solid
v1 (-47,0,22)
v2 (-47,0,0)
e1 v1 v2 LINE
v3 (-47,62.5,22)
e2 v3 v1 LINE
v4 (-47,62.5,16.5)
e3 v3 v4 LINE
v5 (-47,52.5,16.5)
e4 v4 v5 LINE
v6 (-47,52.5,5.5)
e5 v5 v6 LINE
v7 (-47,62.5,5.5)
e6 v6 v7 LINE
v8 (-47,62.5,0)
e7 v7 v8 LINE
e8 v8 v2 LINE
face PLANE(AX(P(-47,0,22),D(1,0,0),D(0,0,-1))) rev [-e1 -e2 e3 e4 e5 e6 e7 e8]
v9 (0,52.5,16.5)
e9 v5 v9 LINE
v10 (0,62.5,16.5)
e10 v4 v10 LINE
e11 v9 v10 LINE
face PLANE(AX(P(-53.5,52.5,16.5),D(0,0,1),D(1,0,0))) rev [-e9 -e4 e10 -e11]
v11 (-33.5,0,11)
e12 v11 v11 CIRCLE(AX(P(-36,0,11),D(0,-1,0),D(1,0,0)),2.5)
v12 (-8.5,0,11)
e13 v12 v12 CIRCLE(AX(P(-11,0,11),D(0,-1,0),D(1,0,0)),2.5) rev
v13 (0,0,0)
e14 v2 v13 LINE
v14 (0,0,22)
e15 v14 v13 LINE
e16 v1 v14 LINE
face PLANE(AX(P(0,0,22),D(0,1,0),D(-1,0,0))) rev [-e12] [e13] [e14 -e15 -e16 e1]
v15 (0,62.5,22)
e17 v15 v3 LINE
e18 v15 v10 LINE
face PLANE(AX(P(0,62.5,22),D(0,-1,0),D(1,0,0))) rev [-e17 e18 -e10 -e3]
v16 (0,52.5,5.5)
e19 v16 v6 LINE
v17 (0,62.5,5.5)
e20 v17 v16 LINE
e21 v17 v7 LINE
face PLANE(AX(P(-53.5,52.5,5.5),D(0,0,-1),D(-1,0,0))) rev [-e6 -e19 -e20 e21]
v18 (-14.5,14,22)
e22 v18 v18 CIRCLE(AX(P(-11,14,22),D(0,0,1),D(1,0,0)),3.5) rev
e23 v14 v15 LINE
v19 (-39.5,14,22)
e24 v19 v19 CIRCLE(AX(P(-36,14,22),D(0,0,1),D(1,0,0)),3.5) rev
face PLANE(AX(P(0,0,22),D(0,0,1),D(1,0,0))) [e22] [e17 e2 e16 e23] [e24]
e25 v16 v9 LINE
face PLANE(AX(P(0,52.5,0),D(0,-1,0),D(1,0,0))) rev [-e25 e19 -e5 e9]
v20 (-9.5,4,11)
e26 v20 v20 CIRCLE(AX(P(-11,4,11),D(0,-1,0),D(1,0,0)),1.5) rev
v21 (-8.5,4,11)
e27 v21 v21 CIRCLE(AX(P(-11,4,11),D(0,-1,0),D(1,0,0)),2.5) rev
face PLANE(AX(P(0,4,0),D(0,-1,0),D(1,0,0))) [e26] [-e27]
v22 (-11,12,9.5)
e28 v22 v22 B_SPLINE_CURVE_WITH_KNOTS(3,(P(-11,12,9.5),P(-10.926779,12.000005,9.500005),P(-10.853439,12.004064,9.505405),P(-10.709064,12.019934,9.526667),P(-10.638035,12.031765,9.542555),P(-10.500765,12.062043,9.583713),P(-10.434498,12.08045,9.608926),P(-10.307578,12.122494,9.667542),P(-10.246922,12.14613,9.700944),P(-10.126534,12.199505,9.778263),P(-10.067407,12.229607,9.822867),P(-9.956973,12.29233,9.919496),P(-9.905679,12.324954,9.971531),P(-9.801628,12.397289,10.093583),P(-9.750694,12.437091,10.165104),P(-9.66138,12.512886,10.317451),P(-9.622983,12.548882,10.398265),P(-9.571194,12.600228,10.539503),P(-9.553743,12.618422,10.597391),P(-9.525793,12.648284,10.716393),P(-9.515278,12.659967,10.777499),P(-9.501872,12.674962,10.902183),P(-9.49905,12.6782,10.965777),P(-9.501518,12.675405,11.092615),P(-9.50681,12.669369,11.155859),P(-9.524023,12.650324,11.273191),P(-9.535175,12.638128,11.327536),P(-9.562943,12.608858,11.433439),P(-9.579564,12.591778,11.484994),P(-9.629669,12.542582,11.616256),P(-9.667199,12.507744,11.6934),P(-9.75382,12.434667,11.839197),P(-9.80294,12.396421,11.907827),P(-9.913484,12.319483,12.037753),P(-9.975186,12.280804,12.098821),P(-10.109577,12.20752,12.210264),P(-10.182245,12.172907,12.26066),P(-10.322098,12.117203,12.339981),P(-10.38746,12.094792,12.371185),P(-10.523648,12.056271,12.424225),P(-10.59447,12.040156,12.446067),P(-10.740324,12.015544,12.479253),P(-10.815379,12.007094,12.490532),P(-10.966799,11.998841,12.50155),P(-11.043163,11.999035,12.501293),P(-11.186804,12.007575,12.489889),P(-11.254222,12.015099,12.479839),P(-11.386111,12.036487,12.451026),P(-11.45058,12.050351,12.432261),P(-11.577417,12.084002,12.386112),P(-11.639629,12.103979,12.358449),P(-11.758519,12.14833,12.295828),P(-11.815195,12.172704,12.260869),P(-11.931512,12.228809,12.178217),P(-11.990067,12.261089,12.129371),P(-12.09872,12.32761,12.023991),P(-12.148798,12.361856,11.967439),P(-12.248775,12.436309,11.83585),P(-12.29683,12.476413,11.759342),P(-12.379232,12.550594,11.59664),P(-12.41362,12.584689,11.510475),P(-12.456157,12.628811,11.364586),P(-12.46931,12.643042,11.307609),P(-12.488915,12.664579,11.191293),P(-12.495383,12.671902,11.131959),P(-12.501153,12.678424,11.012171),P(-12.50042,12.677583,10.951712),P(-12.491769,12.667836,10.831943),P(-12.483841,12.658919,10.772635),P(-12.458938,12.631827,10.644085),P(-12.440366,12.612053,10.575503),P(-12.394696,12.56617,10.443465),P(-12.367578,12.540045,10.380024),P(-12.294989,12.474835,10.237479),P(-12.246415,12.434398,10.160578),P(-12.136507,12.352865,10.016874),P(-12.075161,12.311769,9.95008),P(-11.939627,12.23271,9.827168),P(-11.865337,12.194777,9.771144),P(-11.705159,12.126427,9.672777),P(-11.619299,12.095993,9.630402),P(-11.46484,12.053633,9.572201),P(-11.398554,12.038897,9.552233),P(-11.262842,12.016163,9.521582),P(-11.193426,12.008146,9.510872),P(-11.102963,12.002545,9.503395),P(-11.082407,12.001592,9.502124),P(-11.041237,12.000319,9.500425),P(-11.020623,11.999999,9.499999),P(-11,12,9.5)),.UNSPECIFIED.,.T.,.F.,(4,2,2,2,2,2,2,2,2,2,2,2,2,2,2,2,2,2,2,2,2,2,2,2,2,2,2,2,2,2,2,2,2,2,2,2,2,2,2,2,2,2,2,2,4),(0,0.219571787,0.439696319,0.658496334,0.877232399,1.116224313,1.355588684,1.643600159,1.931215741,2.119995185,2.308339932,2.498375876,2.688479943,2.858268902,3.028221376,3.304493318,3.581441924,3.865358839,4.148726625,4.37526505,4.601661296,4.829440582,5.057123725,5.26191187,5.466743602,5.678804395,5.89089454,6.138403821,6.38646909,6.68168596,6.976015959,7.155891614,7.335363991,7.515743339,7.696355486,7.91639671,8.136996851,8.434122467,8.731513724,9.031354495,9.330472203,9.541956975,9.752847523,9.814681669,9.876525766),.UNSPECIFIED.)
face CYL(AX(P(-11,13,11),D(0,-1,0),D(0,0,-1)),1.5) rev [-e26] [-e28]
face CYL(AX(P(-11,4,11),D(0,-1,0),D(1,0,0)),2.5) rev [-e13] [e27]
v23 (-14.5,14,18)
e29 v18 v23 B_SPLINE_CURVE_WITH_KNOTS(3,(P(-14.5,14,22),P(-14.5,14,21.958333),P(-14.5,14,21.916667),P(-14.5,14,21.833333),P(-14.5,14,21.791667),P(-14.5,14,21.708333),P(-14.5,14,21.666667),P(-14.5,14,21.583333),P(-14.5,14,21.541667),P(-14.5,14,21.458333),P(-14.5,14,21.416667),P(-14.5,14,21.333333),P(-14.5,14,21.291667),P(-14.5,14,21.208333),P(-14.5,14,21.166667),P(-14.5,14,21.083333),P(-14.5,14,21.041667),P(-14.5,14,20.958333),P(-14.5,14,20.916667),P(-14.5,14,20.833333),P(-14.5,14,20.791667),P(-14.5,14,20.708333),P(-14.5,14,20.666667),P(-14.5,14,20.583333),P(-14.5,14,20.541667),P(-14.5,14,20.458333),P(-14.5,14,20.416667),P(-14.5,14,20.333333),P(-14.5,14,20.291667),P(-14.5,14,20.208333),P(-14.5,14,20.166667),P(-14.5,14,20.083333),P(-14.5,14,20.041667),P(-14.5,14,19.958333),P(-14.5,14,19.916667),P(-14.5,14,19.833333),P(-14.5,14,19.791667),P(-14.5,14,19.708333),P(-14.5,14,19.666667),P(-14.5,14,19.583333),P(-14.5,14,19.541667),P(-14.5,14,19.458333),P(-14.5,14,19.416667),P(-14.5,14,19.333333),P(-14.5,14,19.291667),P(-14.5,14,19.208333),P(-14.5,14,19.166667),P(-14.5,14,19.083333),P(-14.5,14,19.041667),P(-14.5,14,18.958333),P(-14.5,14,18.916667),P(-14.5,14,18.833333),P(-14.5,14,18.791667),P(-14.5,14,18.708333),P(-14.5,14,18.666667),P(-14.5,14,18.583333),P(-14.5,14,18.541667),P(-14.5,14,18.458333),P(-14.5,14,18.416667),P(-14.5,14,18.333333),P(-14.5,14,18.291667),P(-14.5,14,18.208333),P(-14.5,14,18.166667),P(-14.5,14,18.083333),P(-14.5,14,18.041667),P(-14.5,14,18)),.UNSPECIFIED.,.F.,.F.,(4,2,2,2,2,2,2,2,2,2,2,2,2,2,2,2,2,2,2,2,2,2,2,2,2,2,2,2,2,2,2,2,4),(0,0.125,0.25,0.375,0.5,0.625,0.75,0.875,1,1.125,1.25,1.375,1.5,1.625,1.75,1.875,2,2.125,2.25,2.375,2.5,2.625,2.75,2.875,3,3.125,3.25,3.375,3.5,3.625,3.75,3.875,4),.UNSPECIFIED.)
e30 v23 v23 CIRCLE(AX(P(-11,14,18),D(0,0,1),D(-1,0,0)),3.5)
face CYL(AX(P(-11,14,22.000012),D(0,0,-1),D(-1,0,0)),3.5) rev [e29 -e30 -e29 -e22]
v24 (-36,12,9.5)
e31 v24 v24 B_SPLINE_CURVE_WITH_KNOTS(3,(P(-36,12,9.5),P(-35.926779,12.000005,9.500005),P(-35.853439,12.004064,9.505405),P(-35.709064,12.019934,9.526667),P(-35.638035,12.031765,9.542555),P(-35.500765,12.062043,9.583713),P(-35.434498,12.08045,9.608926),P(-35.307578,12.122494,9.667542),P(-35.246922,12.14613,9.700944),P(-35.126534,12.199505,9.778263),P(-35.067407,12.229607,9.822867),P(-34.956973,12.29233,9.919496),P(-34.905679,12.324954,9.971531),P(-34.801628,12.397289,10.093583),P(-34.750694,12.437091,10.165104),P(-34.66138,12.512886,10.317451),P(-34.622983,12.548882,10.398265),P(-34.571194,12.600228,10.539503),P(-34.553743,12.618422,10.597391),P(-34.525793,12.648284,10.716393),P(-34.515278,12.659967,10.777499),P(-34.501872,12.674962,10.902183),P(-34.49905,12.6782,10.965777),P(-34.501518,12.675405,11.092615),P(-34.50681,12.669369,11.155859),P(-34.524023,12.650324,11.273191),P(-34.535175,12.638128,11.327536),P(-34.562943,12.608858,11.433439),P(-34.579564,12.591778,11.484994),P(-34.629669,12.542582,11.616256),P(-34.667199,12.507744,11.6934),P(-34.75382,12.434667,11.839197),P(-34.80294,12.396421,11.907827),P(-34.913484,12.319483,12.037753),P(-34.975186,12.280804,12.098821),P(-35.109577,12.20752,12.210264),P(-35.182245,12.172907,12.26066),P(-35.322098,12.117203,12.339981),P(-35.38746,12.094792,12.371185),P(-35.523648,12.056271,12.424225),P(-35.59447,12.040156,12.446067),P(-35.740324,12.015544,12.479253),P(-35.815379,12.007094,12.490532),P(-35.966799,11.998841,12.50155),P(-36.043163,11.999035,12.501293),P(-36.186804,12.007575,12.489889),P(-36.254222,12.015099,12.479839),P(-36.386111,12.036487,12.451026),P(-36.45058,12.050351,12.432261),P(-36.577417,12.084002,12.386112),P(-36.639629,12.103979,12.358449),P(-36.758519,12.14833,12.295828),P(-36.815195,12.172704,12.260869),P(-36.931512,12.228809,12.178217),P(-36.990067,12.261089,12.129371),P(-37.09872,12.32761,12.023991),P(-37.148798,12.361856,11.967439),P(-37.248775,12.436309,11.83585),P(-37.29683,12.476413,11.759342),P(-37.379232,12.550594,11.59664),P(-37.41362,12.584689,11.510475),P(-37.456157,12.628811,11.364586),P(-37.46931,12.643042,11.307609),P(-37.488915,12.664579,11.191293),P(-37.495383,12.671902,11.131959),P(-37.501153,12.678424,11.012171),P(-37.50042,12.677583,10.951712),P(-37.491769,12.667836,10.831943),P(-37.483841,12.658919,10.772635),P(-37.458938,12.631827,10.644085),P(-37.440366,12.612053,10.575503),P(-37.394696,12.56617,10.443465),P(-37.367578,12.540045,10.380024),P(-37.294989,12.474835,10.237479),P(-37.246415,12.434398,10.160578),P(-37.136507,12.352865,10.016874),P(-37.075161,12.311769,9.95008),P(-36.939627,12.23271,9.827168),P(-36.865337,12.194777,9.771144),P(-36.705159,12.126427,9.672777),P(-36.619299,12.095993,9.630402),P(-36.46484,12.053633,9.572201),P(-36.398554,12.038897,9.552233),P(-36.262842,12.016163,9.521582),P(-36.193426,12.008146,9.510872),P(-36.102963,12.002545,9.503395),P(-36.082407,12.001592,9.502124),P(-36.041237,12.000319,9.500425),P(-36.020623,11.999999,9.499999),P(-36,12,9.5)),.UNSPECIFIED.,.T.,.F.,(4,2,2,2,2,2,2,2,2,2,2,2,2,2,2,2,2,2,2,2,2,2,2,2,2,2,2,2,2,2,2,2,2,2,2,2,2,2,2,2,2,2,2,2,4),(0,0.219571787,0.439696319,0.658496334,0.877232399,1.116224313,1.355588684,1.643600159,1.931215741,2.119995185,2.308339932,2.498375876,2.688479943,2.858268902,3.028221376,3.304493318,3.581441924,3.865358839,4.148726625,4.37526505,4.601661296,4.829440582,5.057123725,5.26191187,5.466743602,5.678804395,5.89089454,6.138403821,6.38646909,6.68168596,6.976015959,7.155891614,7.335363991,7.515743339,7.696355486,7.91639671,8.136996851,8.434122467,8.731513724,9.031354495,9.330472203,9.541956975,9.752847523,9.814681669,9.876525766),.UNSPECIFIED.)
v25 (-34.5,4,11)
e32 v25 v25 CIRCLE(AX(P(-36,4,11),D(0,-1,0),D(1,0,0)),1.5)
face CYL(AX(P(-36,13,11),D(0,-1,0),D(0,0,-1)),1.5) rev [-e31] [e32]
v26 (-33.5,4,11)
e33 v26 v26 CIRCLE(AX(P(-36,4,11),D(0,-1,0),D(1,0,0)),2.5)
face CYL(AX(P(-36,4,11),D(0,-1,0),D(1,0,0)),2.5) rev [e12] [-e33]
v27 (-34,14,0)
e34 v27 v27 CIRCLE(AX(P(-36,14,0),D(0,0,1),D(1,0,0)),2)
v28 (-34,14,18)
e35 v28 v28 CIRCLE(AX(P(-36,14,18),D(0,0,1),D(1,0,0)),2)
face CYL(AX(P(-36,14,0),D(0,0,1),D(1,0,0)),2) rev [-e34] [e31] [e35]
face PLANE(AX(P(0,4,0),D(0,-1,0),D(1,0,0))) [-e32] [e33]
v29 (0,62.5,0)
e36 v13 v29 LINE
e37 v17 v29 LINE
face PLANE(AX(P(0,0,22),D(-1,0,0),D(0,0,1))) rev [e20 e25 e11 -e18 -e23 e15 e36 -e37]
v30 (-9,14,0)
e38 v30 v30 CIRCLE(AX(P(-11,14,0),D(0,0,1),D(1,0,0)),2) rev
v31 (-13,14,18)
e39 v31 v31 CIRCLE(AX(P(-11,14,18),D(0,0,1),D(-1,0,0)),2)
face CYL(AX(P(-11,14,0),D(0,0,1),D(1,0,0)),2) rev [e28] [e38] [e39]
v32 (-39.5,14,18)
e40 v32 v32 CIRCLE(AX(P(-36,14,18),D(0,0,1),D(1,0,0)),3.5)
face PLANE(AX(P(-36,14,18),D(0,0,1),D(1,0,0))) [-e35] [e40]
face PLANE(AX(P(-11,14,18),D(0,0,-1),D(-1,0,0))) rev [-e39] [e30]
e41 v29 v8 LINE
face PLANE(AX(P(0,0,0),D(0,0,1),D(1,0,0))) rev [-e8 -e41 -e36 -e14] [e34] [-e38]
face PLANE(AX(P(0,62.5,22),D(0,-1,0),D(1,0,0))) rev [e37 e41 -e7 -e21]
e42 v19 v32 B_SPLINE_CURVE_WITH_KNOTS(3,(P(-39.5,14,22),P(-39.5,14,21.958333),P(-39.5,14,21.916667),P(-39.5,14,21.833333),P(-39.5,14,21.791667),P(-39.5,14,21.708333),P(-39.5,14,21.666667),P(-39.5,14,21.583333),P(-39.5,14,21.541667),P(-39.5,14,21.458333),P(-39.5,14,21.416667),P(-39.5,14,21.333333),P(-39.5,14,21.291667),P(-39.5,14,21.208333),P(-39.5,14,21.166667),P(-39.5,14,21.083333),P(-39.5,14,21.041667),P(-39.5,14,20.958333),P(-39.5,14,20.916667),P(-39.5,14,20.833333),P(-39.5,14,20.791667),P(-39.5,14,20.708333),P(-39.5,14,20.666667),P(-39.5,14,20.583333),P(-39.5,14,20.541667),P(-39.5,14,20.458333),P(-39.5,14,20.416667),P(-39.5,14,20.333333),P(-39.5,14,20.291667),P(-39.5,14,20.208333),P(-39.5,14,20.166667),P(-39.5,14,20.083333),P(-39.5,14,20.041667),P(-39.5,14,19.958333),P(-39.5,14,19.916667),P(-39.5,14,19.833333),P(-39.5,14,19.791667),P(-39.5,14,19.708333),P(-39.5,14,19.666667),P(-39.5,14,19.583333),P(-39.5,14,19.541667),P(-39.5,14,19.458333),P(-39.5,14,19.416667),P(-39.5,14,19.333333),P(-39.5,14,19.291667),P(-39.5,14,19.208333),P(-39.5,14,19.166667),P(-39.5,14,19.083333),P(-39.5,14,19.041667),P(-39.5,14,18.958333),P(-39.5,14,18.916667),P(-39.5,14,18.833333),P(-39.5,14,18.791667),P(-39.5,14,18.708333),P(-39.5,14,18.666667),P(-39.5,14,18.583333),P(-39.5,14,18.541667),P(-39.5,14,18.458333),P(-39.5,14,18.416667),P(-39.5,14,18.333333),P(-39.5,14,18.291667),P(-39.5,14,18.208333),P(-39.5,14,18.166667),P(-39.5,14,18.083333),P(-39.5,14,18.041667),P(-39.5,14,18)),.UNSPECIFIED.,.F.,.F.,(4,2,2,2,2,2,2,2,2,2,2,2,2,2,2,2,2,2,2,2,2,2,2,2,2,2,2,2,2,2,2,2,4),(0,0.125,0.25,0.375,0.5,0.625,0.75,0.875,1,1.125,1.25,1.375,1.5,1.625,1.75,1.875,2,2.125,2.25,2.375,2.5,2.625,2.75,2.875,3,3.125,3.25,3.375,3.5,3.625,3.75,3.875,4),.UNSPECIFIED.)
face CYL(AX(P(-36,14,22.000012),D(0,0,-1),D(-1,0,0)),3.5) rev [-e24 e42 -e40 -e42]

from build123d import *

# Parameters (mm, degrees)
SKETCH1_W               = 47
SKETCH1_H               = 62.5
BOSS_EXTRUDE1_DEPTH     = 22
SKETCH2_W               = 60
SKETCH2_H               = 11
CUT_EXTRUDE1_DEPTH      = 10
CUT_EXTRUDE2_DEPTH      = 82.235767984
CUT_EXTRUDE2_DEPTH_BACK = 82.235767984
SKETCH3_R               = 2
CUT_EXTRUDE3_DEPTH      = 82.235767984
CUT_EXTRUDE3_DEPTH_BACK = 4
SKETCH3_3_R             = 3.5
SKETCH3_3_R_2           = 2
SKETCH4_R               = 1.5
CUT_EXTRUDE6_DEPTH      = 13
SKETCH4_3_R             = 2.5
SKETCH4_3_R_2           = 1.5
CUT_EXTRUDE7_DEPTH      = 4


with BuildPart() as part:
    # Sketch1 → Boss-Extrude1 (new body)
    with BuildSketch(Plane.XY):
        with Locations((-23.5, 31.25)):
            Rectangle(SKETCH1_W, SKETCH1_H)
    extrude(amount=BOSS_EXTRUDE1_DEPTH)

    # Sketch2 → Cut-Extrude1 (cut)
    with BuildSketch(Plane(origin=(0, 62.5, 0), x_dir=(1, 0, 0), z_dir=(0, 1, 0))):
        with Locations((-23.5, -11)):
            Rectangle(SKETCH2_W, SKETCH2_H)
    extrude(amount=-CUT_EXTRUDE1_DEPTH, mode=Mode.SUBTRACT)

    # Sketch3 → Cut-Extrude2 (cut, two sides: drawn at the far end of the back side and taken through both)
    with BuildSketch(Plane.XY.offset(22).offset(-CUT_EXTRUDE2_DEPTH_BACK)):
        with Locations((-36, 14)):
            Circle(SKETCH3_R)
        with Locations((-11, 14)):
            Circle(SKETCH3_R)
    extrude(amount=CUT_EXTRUDE2_DEPTH + CUT_EXTRUDE2_DEPTH_BACK, mode=Mode.SUBTRACT)

    # Sketch3<3> → Cut-Extrude3 (cut, two sides: drawn at the far end of the back side and taken through both)
    # profile 1 of 2: a face of its own
    with BuildSketch(Plane.XY.offset(22).offset(-CUT_EXTRUDE3_DEPTH_BACK)):
        with Locations((-36, 14)):
            Circle(SKETCH3_3_R)
        with Locations((-36, 14)):
            Circle(SKETCH3_3_R_2, mode=Mode.SUBTRACT)
    # profile 2 of 2: a face of its own
    with BuildSketch(Plane.XY.offset(22).offset(-CUT_EXTRUDE3_DEPTH_BACK)):
        with Locations((-11, 14)):
            Circle(SKETCH3_3_R)
        with Locations((-11, 14)):
            Circle(SKETCH3_3_R_2, mode=Mode.SUBTRACT)
    extrude(amount=CUT_EXTRUDE3_DEPTH + CUT_EXTRUDE3_DEPTH_BACK, mode=Mode.SUBTRACT)

    # Sketch4 → Cut-Extrude6 (cut)
    with BuildSketch(Plane.XZ):
        with Locations((-36, 11)):
            Circle(SKETCH4_R)
        with Locations((-11, 11)):
            Circle(SKETCH4_R)
    extrude(amount=-CUT_EXTRUDE6_DEPTH, mode=Mode.SUBTRACT)

    # Sketch4<3> → Cut-Extrude7 (cut)
    # profile 1 of 2: a face of its own
    with BuildSketch(Plane.XZ):
        with Locations((-36, 11)):
            Circle(SKETCH4_3_R)
        with Locations((-36, 11)):
            Circle(SKETCH4_3_R_2, mode=Mode.SUBTRACT)
    # profile 2 of 2: a face of its own
    with BuildSketch(Plane.XZ):
        with Locations((-11, 11)):
            Circle(SKETCH4_3_R)
        with Locations((-11, 11)):
            Circle(SKETCH4_3_R_2, mode=Mode.SUBTRACT)
    extrude(amount=-CUT_EXTRUDE7_DEPTH, mode=Mode.SUBTRACT)


solid = part.part
